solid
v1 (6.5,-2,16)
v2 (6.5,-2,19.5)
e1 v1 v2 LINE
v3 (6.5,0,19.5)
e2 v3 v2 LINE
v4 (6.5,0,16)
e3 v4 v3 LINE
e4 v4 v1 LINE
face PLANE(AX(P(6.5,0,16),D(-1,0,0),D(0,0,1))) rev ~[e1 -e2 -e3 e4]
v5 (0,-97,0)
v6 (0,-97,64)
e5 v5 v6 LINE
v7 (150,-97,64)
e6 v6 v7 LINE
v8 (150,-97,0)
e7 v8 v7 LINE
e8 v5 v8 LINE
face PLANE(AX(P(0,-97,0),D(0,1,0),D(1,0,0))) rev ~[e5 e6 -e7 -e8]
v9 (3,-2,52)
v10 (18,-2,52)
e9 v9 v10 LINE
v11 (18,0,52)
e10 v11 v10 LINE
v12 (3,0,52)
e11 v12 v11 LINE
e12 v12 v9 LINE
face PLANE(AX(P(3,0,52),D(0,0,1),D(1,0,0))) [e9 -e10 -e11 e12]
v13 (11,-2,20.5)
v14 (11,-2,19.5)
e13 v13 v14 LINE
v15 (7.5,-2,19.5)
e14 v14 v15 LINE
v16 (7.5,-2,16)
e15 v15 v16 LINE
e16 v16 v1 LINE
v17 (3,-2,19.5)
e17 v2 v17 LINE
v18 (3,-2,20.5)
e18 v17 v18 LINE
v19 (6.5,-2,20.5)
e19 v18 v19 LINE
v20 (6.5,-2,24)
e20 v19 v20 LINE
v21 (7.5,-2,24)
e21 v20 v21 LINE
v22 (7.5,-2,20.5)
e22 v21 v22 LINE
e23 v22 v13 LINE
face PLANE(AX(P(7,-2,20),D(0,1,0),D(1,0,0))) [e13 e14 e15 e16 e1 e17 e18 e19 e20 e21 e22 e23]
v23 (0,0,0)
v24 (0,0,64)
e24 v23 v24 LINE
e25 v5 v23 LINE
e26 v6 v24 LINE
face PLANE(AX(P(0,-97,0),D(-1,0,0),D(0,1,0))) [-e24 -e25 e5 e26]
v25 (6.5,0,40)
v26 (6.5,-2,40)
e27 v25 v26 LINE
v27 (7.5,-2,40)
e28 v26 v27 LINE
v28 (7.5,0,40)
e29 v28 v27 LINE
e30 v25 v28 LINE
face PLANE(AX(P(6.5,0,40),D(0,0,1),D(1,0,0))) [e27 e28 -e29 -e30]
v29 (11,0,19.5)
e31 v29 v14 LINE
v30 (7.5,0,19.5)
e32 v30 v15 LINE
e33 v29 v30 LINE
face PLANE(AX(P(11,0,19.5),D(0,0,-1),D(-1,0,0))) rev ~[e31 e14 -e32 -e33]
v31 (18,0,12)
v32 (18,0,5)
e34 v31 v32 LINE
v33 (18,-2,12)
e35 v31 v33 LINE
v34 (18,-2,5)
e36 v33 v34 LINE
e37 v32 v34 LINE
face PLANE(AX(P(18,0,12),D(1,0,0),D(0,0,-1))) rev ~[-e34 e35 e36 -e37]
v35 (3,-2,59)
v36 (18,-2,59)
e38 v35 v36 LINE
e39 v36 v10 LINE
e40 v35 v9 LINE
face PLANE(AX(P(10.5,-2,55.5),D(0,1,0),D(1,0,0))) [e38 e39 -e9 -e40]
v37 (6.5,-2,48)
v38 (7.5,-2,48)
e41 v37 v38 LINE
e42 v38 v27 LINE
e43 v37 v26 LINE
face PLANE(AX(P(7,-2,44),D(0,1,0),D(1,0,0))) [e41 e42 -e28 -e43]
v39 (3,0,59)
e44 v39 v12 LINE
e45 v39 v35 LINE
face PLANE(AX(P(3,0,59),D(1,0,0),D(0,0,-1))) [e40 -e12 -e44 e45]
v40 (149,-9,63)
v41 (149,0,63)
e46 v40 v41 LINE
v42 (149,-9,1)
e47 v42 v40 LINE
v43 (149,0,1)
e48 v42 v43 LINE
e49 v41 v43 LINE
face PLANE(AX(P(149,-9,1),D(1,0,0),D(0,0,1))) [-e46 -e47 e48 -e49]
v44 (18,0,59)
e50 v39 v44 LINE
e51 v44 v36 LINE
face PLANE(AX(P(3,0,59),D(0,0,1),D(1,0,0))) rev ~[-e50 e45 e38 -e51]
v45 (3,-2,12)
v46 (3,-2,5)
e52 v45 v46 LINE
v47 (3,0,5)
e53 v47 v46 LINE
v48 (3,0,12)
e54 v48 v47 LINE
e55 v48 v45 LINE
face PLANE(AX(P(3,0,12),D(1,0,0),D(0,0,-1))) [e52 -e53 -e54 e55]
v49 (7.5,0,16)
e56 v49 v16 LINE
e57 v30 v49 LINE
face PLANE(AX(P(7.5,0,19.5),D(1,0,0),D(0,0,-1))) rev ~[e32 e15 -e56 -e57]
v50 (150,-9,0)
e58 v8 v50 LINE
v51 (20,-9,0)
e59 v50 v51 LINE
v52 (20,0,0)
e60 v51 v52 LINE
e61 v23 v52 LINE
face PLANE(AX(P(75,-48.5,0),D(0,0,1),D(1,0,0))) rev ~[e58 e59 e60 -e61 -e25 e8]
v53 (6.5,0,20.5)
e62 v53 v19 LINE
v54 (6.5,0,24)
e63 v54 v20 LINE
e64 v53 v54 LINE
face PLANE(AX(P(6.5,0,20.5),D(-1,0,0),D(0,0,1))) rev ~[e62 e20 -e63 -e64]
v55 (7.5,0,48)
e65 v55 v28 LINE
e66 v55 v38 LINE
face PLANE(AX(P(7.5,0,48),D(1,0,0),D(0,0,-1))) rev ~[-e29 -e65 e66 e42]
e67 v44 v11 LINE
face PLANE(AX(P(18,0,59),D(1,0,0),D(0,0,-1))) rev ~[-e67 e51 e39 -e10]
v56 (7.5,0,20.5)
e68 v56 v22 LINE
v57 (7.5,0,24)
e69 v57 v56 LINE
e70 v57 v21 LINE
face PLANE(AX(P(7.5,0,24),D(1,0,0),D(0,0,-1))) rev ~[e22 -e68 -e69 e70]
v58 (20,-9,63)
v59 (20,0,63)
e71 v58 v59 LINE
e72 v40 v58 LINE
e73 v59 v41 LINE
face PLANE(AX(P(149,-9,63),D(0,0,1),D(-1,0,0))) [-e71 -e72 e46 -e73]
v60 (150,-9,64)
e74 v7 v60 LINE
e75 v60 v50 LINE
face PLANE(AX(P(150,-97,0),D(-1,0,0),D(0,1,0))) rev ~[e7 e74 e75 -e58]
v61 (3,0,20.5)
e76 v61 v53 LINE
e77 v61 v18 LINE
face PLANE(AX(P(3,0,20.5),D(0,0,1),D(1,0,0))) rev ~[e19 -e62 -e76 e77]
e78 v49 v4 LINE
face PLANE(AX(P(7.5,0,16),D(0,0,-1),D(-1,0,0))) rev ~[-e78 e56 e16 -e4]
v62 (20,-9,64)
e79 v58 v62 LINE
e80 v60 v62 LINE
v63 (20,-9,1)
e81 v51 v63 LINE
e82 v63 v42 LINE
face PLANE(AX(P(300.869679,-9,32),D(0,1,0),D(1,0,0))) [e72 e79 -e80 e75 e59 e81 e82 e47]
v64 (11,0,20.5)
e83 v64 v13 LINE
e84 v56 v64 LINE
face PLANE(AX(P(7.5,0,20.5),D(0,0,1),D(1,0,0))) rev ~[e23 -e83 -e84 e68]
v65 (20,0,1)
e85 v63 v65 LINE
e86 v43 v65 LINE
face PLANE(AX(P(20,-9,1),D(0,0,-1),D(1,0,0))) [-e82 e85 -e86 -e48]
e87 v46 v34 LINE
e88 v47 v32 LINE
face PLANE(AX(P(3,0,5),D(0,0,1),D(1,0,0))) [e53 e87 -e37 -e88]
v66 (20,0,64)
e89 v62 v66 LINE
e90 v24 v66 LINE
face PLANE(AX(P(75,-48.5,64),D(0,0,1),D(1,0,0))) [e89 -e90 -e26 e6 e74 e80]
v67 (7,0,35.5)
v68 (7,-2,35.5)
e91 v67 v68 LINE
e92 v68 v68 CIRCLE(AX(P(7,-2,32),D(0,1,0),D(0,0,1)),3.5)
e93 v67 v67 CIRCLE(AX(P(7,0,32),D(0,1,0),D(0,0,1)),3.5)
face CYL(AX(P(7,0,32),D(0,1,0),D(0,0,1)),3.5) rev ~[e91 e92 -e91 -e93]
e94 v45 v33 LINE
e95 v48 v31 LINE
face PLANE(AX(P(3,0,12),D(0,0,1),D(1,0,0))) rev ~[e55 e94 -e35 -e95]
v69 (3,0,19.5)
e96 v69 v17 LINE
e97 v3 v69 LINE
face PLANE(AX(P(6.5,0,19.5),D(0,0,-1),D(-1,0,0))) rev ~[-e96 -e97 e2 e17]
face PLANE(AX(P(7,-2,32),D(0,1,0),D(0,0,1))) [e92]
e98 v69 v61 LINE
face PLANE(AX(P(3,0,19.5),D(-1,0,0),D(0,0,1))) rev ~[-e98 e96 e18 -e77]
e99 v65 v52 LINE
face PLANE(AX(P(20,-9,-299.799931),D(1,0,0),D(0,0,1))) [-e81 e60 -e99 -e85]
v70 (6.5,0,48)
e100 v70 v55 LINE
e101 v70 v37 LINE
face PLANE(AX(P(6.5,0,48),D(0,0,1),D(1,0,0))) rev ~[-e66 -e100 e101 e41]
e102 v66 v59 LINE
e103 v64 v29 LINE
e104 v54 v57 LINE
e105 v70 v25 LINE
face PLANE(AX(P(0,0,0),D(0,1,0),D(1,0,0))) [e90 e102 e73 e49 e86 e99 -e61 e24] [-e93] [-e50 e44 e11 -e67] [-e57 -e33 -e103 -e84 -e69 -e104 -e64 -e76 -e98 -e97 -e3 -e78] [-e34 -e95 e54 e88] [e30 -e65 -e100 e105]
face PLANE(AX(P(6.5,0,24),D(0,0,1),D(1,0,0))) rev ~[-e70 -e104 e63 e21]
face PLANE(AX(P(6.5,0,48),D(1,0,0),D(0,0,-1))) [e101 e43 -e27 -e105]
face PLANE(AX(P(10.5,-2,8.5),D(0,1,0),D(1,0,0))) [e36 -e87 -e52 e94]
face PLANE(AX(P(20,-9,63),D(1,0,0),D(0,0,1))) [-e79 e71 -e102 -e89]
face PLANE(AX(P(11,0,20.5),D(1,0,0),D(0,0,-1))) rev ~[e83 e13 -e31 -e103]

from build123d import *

# Parameters (mm, degrees)
SKETCH1_W               = 150
SKETCH1_H               = 97
BOSS_EXTRUDE2_DEPTH     = 64
CUT_EXTRUDE1_DEPTH      = 190.74983531
CUT_EXTRUDE1_DEPTH_BACK = 9
SKETCH4_R               = 3.5
SKETCH4_W               = 15
SKETCH4_H               = 7
SKETCH4_W_2             = 1
SKETCH4_H_2             = 8
CUT_EXTRUDE2_DEPTH      = 2


with BuildPart() as part:
    # Sketch1 → Boss-Extrude2 (new body)
    with BuildSketch(Plane.XY):
        with Locations((75, -48.5)):
            Rectangle(SKETCH1_W, SKETCH1_H)
    extrude(amount=BOSS_EXTRUDE2_DEPTH)

    # Sketch3 → Cut-Extrude1 (cut, two sides: drawn at the far end of the back side and taken through both)
    with BuildSketch(Plane(origin=(0, 0, 0), x_dir=(1, 0, 0), z_dir=(0, 1, 0)).offset(-CUT_EXTRUDE1_DEPTH_BACK)):
        Polygon((20, 299.799930987), (20, 0), (20, -1), (149, -1), (149, -63), (20, -63), (20, -64), (20, -363.799930987), (619.599861974, -363.799930987), (619.599861974, 299.799930987), align=None)
    extrude(amount=CUT_EXTRUDE1_DEPTH + CUT_EXTRUDE1_DEPTH_BACK, mode=Mode.SUBTRACT)

    # Sketch4 → Cut-Extrude2 (cut)
    with BuildSketch(Plane(origin=(0, 0, 0), x_dir=(1, 0, 0), z_dir=(0, 1, 0))):
        with Locations(Location((7, -32, 0), (0, 0, 270))):
            Circle(SKETCH4_R)
        with Locations((10.5, -8.5)):
            Rectangle(SKETCH4_W, SKETCH4_H)
        with Locations((10.5, -55.5)):
            Rectangle(SKETCH4_W, SKETCH4_H)
        Polygon((6.5, -16), (6.5, -19.5), (3, -19.5), (3, -20.5), (6.5, -20.5), (6.5, -24), (7.5, -24), (7.5, -20.5), (11, -20.5), (11, -19.5), (7.5, -19.5), (7.5, -16), align=None)
        with Locations((7, -44)):
            Rectangle(SKETCH4_W_2, SKETCH4_H_2)
    extrude(amount=-CUT_EXTRUDE2_DEPTH, mode=Mode.SUBTRACT)


solid = part.part
